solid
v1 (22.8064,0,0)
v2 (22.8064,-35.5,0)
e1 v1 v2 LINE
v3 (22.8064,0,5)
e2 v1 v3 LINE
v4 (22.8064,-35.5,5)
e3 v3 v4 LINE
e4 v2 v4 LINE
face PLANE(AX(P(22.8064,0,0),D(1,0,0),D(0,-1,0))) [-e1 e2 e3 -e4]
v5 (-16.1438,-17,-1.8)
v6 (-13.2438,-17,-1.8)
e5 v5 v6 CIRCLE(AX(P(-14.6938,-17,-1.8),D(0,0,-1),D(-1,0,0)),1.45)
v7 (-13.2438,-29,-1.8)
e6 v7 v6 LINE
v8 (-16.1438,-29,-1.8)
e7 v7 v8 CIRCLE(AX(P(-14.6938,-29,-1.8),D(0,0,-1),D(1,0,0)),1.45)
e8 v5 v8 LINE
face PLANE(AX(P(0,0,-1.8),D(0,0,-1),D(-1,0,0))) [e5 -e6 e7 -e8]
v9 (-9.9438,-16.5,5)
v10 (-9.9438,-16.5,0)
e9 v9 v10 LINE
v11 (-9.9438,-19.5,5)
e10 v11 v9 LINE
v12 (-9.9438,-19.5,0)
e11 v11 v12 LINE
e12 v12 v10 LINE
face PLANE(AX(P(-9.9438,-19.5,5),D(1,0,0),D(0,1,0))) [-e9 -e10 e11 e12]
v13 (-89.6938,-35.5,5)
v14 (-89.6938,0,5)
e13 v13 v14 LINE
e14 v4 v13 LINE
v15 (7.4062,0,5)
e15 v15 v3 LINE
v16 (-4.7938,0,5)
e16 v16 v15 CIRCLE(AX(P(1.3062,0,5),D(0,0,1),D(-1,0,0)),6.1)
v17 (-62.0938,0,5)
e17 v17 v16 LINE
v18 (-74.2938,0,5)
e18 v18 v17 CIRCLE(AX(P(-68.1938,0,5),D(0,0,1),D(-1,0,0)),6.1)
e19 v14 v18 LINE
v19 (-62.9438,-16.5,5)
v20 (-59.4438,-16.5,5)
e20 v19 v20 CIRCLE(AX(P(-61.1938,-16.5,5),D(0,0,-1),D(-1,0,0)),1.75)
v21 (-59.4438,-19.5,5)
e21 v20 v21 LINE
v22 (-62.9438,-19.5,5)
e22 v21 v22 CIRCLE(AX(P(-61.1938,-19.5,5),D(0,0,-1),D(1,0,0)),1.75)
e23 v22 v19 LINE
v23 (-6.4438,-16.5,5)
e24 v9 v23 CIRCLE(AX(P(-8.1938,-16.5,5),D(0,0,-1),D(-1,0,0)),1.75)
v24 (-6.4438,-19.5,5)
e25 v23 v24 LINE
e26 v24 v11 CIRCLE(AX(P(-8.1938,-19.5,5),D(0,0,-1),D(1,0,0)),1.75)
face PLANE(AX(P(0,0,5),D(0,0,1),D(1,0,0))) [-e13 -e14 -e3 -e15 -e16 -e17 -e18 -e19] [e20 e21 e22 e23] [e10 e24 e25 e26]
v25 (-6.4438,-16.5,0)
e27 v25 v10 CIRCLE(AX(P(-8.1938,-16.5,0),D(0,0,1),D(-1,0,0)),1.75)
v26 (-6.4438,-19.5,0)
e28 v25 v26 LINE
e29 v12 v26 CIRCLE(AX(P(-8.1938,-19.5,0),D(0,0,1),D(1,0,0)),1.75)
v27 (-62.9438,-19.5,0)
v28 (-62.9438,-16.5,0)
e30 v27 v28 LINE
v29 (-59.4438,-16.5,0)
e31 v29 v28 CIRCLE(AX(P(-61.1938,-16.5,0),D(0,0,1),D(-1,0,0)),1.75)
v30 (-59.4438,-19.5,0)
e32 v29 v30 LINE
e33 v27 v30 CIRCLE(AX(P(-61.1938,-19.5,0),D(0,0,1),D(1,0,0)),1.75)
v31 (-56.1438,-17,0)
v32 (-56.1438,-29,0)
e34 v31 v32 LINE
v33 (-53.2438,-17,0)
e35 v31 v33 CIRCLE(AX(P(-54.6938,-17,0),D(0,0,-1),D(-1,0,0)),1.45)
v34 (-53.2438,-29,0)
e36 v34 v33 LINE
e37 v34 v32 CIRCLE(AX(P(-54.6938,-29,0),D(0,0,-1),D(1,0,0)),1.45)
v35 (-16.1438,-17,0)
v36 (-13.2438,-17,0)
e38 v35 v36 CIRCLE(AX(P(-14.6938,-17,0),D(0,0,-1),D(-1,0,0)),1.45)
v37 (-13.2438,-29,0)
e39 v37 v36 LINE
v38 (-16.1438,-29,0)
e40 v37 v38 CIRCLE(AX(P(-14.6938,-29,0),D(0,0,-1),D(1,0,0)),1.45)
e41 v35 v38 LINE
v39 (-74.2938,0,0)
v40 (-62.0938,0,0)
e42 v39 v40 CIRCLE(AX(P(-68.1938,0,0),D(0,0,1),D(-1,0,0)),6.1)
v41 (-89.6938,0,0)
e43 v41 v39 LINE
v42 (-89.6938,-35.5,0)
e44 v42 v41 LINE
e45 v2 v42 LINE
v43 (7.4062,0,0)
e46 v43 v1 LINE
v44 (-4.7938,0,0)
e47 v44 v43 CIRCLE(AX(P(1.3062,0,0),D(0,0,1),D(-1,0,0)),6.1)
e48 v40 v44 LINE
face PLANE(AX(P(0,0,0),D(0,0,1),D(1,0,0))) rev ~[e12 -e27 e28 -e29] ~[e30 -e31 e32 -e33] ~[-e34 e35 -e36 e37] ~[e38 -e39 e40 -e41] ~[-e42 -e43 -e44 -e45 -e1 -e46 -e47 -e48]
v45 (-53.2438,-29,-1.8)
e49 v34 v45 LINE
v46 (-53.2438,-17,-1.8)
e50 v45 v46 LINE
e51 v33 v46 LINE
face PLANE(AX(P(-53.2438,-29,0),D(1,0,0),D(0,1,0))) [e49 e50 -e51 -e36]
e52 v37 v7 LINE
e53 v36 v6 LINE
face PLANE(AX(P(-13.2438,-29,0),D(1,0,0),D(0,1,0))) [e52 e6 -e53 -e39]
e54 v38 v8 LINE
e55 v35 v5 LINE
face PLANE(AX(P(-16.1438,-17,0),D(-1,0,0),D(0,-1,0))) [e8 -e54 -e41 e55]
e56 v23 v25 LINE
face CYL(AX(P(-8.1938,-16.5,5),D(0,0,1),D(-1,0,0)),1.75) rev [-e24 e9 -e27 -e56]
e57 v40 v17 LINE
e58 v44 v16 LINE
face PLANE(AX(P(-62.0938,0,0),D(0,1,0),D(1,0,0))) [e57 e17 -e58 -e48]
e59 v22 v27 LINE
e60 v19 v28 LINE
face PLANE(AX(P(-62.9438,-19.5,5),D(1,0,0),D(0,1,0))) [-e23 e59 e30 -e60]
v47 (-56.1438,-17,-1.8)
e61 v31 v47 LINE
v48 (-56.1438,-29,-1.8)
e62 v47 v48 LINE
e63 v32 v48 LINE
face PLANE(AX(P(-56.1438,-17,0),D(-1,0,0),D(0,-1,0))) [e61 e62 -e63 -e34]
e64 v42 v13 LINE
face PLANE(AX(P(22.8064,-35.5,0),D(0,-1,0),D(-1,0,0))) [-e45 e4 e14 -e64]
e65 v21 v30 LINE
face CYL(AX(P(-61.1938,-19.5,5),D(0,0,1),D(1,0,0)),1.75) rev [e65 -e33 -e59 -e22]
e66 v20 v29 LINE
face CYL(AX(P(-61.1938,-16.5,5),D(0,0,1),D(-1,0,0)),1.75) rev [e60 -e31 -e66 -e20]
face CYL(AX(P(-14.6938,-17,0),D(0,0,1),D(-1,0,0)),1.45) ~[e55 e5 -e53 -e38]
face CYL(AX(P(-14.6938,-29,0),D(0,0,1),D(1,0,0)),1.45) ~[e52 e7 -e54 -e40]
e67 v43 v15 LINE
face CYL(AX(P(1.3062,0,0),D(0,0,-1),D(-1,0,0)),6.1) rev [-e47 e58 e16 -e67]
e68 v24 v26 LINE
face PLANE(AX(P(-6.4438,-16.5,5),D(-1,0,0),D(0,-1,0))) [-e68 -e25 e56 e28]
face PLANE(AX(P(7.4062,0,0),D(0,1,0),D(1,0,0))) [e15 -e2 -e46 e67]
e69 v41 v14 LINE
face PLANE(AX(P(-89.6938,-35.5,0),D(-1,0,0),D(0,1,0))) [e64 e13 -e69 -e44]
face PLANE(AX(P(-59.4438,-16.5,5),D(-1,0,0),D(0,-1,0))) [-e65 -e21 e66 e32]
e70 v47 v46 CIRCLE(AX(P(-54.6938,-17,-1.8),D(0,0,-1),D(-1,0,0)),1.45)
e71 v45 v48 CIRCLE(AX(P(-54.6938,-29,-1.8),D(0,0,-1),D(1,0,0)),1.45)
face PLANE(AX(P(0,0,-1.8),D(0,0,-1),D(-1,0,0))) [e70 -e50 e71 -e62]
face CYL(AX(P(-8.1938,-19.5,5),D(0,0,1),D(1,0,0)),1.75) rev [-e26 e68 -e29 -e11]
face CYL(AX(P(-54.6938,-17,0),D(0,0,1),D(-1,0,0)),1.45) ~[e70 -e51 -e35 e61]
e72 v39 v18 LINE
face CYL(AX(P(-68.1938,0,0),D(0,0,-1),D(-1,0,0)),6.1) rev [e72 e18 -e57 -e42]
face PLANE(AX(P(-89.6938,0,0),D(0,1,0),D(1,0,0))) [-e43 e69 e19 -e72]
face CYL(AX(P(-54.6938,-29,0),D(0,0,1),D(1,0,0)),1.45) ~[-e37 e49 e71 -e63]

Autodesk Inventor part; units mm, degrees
ref_plane "YZ Plane" through (0, 0, 0) normal (1, 0, 0) x (0, 1, 0)
ref_plane "XZ Plane" through (0, 0, 0) normal (0, 1, 0) x (-1, 0, 0)
ref_plane "XY Plane" through (0, 0, 0) normal (0, 0, 1) x (1, 0, 0)
ref_plane "Work Plane1" through (0, 0, 0) normal (0, 0, 1) x (1, 0, 0)
sketch "Sketch1" plane through (0, 0, 0) normal (0, 0, 1) x (1, 0, 0)
  line L0 (22.8064, -35.5) -> (-89.6938, -35.5)
  line L1 (-89.6938, -35.5) -> (-89.6938, 0)
  line L2 (-89.6938, 0) -> (-74.2938, 0)
  line L3 (22.8064, 0) -> (22.8064, -35.5)
  circle A0 centre (11.5562, -18) radius 2 construction
  line L4 (-53.1938, -16) -> (-53.1938, -30) construction
  arc A1 (-56.1938, -30) -> (-53.1938, -30) centre (-54.6938, -30) ccw construction
  line L5 (-56.1938, -30) -> (-56.1938, -16) construction
  arc A2 (-53.1938, -16) -> (-56.1938, -16) centre (-54.6938, -16) ccw construction
  line L6 (7.0562, -16) -> (7.0562, -30) construction
  arc A3 (4.0562, -30) -> (7.0562, -30) centre (5.5562, -30) ccw construction
  line L7 (4.0562, -30) -> (4.0562, -16) construction
  arc A4 (7.0562, -16) -> (4.0562, -16) centre (5.5562, -16) ccw construction
  line L8 (-13.1938, -16) -> (-13.1938, -30) construction
  arc A5 (-16.1938, -30) -> (-13.1938, -30) centre (-14.6938, -30) ccw construction
  line L9 (-16.1938, -30) -> (-16.1938, -16) construction
  arc A6 (-13.1938, -16) -> (-16.1938, -16) centre (-14.6938, -16) ccw construction
  arc A7 (19.0562, -16) -> (16.0562, -16) centre (17.5562, -16) ccw construction
  line L10 (19.0562, -16) -> (19.0562, -30) construction
  arc A8 (16.0562, -30) -> (19.0562, -30) centre (17.5562, -30) ccw construction
  line L11 (16.0562, -30) -> (16.0562, -16) construction
  line L12 (22.8064, -40) -> (22.8064, 45) construction
  line L13 (22.8064, 45) -> (-120, 45) construction
  line L14 (-120, 27.5563) -> (-120, 45) construction
  line L15 (-120, 27.5563) -> (-95.2035, 27.5563) construction
  arc A9 (-85.0841, 27.5563) -> (-95.2035, 27.5563) centre (-90.1438, 25.4) ccw construction
  line L16 (-85.0841, 27.5563) -> (17.8062, 27.5563) construction
  line L17 (17.8062, 27.5563) -> (17.8062, -11) construction
  line L18 (17.8062, -11) -> (-120, -11) construction
  line L19 (-120, -40) -> (-120, -11) construction
  line L20 (22.8064, -40) -> (-120, -40) construction
  circle A10 centre (-111.1938, -18) radius 2 construction
  circle A11 centre (-98.1938, -18) radius 2 construction
  circle A12 centre (-61.1938, -18) radius 2 construction
  circle A13 centre (-48.1938, -18) radius 2 construction
  circle A14 centre (-21.1938, -18) radius 2 construction
  circle A15 centre (-8.1938, -18) radius 2 construction
  circle A16 centre (-21.1938, 33.6563) radius 2 construction
  circle A17 centre (-8.1938, 33.6563) radius 2 construction
  circle A18 centre (-61.1938, 33.6563) radius 2 construction
  circle A19 centre (-48.1938, 33.6563) radius 2 construction
  circle A20 centre (-111.1938, 33.6563) radius 2 construction
  circle A21 centre (-98.1938, 33.6563) radius 2 construction
  circle A22 centre (-90.1438, -25.4) radius 5.5 construction
  line L21 (-84.6938, 26.6563) -> (-89.6938, 26.6563) construction
  line L22 (-89.6938, 26.6563) -> (-89.6938, -11) construction
  line L23 (-84.6938, -11) -> (-89.6938, -11) construction
  line L24 (-84.6938, 26.6563) -> (-84.6938, -11) construction
  line L25 (-84.6938, 26.6563) -> (-84.6938, -11) construction
  circle A23 centre (1.3062, 0) radius 6 construction
  circle A24 centre (-68.1938, 0) radius 6 construction
  arc A25 (-4.7938, 0) -> (7.4062, 0) centre (1.3062, 0) ccw
  arc A26 (-74.2938, 0) -> (-62.0938, 0) centre (-68.1938, 0) ccw
  line L26 (-148.5613, 0) -> (51.3677, 0) construction
  line L27 (7.4062, 0) -> (22.8064, 0)
  line L28 (-62.0938, 0) -> (-4.7938, 0)
  point P0 (0, 0)
  point P1 (17.5562, -31.5)
  dimension "d0" = 0
  dimension "d1" = 0
  dimension "d2" = 4
  dimension "d3" = 0.1
  dimension "d4" = 0.1
extrude "Main Body" add sketch "Sketch1" along normal blind 5
sketch "Sketch2" plane through (0, 0, 0) normal (0, 0, -1) x (-1, 0, 0)
  line L0 (56.1938, -30) -> (56.1938, -16) construction
  arc A0 (53.1938, -30) -> (56.1938, -30) centre (54.6938, -30) ccw construction
  line L1 (53.1938, -16) -> (53.1938, -30) construction
  arc A1 (56.1938, -16) -> (53.1938, -16) centre (54.6938, -16) ccw construction
  arc A2 (13.1938, -30) -> (16.1938, -30) centre (14.6938, -30) ccw construction
  line L2 (13.1938, -16) -> (13.1938, -30) construction
  arc A3 (16.1938, -16) -> (13.1938, -16) centre (14.6938, -16) ccw construction
  line L3 (16.1938, -30) -> (16.1938, -16) construction
  line L4 (14.6938, -16) -> (14.6938, -30) construction
  line L5 (54.6938, -16) -> (54.6938, -30) construction
  line L6 (14.6938, -29) -> (14.6938, -17) construction
  line L7 (13.2438, -29) -> (13.2438, -17)
  line L8 (16.1438, -17) -> (16.1438, -29)
  arc A4 (13.2438, -29) -> (16.1438, -29) centre (14.6938, -29) ccw
  arc A5 (16.1438, -17) -> (13.2438, -17) centre (14.6938, -17) ccw
  line L9 (54.6938, -29) -> (54.6938, -17) construction
  line L10 (53.2438, -29) -> (53.2438, -17)
  line L11 (56.1438, -17) -> (56.1438, -29)
  arc A6 (53.2438, -29) -> (56.1438, -29) centre (54.6938, -29) ccw
  arc A7 (56.1438, -17) -> (53.2438, -17) centre (54.6938, -17) ccw
  line L12 (14.6938, -17) -> (54.6938, -17) construction
  point P0 (0, 0)
  point P1 (14.6938, -23)
  point P2 (54.6938, -23)
  dimension "d7" = 0.05
  dimension "d8" = 0.05
  dimension "d9" = 1
extrude "Alignment Tabs" add sketch "Sketch2" along normal blind 1.8
sketch "Sketch3" plane through (0, 0, 5) normal (0, 0, -1) x (-1, 0, 0)
  circle A0 centre (61.1938, -18) radius 2 construction
  circle A1 centre (8.1938, -18) radius 2 construction
  line L0 (61.1938, -16.5) -> (61.1938, -19.5) construction
  line L1 (59.4438, -16.5) -> (59.4438, -19.5)
  line L2 (62.9438, -19.5) -> (62.9438, -16.5)
  arc A2 (62.9438, -16.5) -> (59.4438, -16.5) centre (61.1938, -16.5) ccw
  arc A3 (59.4438, -19.5) -> (62.9438, -19.5) centre (61.1938, -19.5) ccw
  line L3 (8.1938, -16.5) -> (8.1938, -19.5) construction
  line L4 (6.4438, -16.5) -> (6.4438, -19.5)
  line L5 (9.9438, -19.5) -> (9.9438, -16.5)
  arc A4 (9.9438, -16.5) -> (6.4438, -16.5) centre (8.1938, -16.5) ccw
  arc A5 (6.4438, -19.5) -> (9.9438, -19.5) centre (8.1938, -19.5) ccw
  point P0 (0, 0)
  dimension "d12" = 3.5
  dimension "d13" = 3.5
  dimension "d14" = 3
  dimension "d15" = 3
extrude "Slots for Screws M3" cut sketch "Sketch3" along normal through all
equation "\"d4\" = d3"
equation "\"d8\" = d7"
equation "\"d13\" = d12"
equation "\"d15\" = d14"
